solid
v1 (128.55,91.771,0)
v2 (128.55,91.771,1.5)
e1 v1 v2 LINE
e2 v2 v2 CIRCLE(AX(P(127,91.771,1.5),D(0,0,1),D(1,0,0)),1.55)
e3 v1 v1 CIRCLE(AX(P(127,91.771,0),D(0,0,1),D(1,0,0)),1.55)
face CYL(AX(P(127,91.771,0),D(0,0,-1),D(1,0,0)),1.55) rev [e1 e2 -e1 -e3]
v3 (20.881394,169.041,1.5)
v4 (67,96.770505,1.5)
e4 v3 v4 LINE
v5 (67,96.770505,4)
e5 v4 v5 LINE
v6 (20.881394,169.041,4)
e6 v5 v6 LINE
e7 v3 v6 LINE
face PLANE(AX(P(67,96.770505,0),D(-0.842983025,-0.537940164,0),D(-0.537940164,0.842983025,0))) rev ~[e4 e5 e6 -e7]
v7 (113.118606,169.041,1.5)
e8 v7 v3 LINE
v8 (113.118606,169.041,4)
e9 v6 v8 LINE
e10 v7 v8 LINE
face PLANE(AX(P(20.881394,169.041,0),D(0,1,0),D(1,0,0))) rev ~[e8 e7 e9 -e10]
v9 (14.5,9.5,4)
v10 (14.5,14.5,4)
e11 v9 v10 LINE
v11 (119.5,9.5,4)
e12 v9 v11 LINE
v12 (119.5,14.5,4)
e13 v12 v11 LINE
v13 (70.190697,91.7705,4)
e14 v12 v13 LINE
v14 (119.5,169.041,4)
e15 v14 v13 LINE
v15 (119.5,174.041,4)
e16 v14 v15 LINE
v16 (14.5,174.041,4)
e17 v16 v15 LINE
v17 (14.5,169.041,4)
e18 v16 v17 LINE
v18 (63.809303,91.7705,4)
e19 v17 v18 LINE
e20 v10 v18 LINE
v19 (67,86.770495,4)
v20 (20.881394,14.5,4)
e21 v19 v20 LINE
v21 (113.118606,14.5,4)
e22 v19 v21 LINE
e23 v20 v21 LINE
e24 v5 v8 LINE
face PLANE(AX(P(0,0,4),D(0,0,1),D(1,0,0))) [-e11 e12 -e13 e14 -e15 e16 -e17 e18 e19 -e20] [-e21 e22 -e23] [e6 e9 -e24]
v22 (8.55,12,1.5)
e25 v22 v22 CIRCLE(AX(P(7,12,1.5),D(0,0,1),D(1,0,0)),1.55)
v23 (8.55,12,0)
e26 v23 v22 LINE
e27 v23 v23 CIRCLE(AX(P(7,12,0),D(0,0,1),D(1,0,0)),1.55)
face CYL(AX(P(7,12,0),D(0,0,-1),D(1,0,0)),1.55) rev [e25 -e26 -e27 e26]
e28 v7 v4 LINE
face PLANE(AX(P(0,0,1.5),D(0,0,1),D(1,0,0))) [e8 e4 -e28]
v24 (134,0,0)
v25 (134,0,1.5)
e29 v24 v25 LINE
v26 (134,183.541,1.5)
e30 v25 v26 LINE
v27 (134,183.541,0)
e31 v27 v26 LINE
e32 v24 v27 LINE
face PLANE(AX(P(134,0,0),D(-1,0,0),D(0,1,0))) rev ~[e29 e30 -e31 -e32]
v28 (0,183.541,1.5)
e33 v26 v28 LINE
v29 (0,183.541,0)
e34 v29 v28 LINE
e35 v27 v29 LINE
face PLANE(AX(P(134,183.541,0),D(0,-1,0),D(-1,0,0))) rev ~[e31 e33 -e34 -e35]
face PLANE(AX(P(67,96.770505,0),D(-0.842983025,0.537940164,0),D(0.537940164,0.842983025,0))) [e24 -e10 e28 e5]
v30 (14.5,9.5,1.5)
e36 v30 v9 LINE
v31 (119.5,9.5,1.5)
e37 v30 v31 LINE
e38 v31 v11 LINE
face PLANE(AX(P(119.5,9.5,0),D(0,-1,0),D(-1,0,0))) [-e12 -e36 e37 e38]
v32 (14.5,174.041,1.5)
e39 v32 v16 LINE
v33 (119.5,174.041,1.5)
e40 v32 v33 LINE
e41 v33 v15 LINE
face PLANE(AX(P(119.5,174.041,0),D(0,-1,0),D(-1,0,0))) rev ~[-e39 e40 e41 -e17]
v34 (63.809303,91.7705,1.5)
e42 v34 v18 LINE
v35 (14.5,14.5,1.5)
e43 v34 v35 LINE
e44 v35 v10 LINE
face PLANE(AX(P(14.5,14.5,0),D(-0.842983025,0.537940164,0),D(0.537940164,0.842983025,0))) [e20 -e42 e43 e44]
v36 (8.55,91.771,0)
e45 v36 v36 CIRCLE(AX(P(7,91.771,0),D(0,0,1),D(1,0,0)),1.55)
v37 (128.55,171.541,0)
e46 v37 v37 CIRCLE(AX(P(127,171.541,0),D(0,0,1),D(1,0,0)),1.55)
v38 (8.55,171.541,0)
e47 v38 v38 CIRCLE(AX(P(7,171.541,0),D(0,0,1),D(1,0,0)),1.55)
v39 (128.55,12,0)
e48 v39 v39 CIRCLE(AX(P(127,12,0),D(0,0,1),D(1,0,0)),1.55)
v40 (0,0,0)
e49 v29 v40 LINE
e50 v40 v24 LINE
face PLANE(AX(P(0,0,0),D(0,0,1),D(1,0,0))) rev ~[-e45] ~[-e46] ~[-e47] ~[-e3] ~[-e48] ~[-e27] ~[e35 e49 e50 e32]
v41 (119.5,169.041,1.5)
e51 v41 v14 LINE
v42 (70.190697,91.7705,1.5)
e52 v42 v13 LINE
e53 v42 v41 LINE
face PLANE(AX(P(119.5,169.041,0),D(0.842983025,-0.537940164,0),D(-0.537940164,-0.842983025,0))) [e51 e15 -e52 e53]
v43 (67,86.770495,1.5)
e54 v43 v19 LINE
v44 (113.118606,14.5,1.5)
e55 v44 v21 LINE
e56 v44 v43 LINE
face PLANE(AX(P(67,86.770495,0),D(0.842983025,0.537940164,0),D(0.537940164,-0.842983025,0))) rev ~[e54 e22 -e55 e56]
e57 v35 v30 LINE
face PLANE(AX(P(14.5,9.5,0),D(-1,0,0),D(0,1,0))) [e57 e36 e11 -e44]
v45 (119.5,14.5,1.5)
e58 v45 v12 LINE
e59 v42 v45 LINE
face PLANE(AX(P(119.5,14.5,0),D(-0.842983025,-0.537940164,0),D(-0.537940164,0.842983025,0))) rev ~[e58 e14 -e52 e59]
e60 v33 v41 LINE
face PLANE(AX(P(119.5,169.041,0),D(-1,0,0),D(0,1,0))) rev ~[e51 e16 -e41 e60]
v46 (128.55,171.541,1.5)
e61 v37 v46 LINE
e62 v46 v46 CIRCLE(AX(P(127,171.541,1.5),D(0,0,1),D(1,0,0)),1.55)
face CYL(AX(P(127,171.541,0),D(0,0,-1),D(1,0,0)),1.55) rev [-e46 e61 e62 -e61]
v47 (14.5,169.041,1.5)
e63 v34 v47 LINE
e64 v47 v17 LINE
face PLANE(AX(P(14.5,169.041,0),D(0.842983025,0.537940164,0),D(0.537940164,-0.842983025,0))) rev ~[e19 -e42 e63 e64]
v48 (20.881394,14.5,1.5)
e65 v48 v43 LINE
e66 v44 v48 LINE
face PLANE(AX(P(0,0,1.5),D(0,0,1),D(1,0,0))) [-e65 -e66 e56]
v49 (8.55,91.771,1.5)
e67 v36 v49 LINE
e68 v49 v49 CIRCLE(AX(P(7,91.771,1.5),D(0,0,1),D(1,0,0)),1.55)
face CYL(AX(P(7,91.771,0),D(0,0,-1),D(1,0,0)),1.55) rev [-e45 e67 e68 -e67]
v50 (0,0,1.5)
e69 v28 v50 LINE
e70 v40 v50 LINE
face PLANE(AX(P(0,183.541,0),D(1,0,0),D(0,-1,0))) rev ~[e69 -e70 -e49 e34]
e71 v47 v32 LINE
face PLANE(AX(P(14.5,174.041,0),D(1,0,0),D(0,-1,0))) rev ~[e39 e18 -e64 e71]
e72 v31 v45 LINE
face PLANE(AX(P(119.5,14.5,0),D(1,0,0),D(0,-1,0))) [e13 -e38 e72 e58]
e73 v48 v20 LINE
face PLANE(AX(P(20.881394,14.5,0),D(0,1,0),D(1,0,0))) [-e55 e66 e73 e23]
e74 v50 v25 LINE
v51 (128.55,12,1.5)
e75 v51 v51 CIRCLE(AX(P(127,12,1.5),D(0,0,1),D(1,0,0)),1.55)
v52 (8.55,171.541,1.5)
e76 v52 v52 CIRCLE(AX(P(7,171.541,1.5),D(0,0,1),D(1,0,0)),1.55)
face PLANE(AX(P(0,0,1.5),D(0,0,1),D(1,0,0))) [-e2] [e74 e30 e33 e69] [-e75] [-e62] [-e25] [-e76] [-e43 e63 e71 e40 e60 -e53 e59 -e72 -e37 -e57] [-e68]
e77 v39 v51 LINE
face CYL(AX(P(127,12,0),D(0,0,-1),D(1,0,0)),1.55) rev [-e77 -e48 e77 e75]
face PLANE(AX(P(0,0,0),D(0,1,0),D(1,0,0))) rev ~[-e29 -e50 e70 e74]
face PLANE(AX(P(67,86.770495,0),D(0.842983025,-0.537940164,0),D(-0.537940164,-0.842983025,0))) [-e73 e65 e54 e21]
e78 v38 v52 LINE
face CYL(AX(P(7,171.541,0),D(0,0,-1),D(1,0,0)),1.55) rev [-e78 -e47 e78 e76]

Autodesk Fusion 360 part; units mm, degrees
sketch "Sketch1" plane through (0, 0, 0) normal (0, 0, 1) x (1, 0, 0)
  line L0 (0, 0) -> (134, 0)
  line L1 (134, 0) -> (134, 183.541)
  line L2 (134, 183.541) -> (0, 183.541)
  line L3 (0, 183.541) -> (0, 0)
  circle A0 centre (7, 171.541) radius 1.55
  circle A1 centre (7, 12) radius 1.55
  circle A2 centre (7, 91.771) radius 1.55
  line L4 (67, 0) -> (67, 183.541) construction
  circle A3 centre (127, 12) radius 1.55
  circle A4 centre (127, 91.771) radius 1.55
  circle A5 centre (127, 171.541) radius 1.55
  line L5 (119.5, 174.041) -> (14.5, 174.041)
  line L6 (14.5, 174.041) -> (14.5, 169.041)
  line L7 (14.5, 169.041) -> (119.5, 169.041)
  line L8 (119.5, 169.041) -> (119.5, 174.041)
  line L9 (119.5, 174.041) -> (14.5, 169.041) construction
  line L10 (14.5, 174.041) -> (119.5, 169.041) construction
  line L11 (119.5, 9.5) -> (14.5, 9.5)
  line L12 (14.5, 9.5) -> (14.5, 14.5)
  line L13 (14.5, 14.5) -> (119.5, 14.5)
  line L14 (119.5, 14.5) -> (119.5, 9.5)
  line L15 (119.5, 9.5) -> (14.5, 14.5) construction
  line L16 (14.5, 9.5) -> (119.5, 14.5) construction
  line L17 (14.5, 9.5) -> (119.5, 174.041)
  line L18 (14.5, 14.5) -> (116.3093, 174.041)
  line L19 (119.5, 169.041) -> (17.6907, 9.5)
  line L20 (14.5, 174.041) -> (119.5, 9.5)
  line L21 (119.5, 14.5) -> (17.6907, 174.041)
  line L22 (14.5, 169.041) -> (116.3093, 9.5)
  point P0 (67, 171.541)
  point P1 (67, 12)
  dimension "d1" = 183.541
  dimension "d2" = 134
  dimension "d3" = 3.1
  dimension "d4" = 7
  dimension "d5" = 12
  dimension "d6" = 3.1
  dimension "d7" = 7
  dimension "d8" = 12
  dimension "d9" = 3.1
  dimension "d10" = 7
  dimension "d11" = 91.77
  dimension "d12" = 105
  dimension "d13" = 5
  dimension "d14" = 105
  dimension "d15" = 5
extrude "Extrude1" add sketch "Sketch1" along normal blind 1.5 contours L0 L1 L2 L3 | L5 L7 L17 L18 | L7 L8 L17 | L5 L7 L18 L21 | L7 L17 L19 L21 | L7 L17 L18 L21 | L5 L7 L20 L21 | L7 L18 L21 | L13 L19 L20 L21 | L17 L19 L20 L21 | L17 L18 L20 L21 | L6 L7 L20 | L7 L18 L20 L21 | L13 L19 L20 L22 | L17 L19 L20 L22 | L13 L14 L20 | L17 L18 L20 L22 | L7 L18 L20 L22 | L13 L19 L22 | L13 L17 L19 L22 | L11 L13 L20 L22 | L13 L17 L18 L22 | L11 L13 L17 L19 | L11 L13 L19 L22 | L12 L13 L17
extrude "Extrude2" add sketch "Sketch1" along normal blind 4 contours L5 L7 L17 L18 | L7 L8 L17 | L5 L7 L18 L21 | L7 L17 L19 L21 | L7 L17 L18 L21 | L5 L7 L20 L21 | L13 L19 L20 L21 | L17 L19 L20 L21 | L17 L18 L20 L21 | L6 L7 L20 | L7 L18 L20 L21 | L13 L19 L20 L22 | L17 L19 L20 L22 | L13 L14 L20 | L17 L18 L20 L22 | L7 L18 L20 L22 | L13 L17 L19 L22 | L11 L13 L20 L22 | L13 L17 L18 L22 | L11 L13 L17 L19 | L11 L13 L19 L22 | L12 L13 L17
equation "d6 = d3"
equation "d7 = d4"
equation "d8 = d5"
equation "d9 = d3"
